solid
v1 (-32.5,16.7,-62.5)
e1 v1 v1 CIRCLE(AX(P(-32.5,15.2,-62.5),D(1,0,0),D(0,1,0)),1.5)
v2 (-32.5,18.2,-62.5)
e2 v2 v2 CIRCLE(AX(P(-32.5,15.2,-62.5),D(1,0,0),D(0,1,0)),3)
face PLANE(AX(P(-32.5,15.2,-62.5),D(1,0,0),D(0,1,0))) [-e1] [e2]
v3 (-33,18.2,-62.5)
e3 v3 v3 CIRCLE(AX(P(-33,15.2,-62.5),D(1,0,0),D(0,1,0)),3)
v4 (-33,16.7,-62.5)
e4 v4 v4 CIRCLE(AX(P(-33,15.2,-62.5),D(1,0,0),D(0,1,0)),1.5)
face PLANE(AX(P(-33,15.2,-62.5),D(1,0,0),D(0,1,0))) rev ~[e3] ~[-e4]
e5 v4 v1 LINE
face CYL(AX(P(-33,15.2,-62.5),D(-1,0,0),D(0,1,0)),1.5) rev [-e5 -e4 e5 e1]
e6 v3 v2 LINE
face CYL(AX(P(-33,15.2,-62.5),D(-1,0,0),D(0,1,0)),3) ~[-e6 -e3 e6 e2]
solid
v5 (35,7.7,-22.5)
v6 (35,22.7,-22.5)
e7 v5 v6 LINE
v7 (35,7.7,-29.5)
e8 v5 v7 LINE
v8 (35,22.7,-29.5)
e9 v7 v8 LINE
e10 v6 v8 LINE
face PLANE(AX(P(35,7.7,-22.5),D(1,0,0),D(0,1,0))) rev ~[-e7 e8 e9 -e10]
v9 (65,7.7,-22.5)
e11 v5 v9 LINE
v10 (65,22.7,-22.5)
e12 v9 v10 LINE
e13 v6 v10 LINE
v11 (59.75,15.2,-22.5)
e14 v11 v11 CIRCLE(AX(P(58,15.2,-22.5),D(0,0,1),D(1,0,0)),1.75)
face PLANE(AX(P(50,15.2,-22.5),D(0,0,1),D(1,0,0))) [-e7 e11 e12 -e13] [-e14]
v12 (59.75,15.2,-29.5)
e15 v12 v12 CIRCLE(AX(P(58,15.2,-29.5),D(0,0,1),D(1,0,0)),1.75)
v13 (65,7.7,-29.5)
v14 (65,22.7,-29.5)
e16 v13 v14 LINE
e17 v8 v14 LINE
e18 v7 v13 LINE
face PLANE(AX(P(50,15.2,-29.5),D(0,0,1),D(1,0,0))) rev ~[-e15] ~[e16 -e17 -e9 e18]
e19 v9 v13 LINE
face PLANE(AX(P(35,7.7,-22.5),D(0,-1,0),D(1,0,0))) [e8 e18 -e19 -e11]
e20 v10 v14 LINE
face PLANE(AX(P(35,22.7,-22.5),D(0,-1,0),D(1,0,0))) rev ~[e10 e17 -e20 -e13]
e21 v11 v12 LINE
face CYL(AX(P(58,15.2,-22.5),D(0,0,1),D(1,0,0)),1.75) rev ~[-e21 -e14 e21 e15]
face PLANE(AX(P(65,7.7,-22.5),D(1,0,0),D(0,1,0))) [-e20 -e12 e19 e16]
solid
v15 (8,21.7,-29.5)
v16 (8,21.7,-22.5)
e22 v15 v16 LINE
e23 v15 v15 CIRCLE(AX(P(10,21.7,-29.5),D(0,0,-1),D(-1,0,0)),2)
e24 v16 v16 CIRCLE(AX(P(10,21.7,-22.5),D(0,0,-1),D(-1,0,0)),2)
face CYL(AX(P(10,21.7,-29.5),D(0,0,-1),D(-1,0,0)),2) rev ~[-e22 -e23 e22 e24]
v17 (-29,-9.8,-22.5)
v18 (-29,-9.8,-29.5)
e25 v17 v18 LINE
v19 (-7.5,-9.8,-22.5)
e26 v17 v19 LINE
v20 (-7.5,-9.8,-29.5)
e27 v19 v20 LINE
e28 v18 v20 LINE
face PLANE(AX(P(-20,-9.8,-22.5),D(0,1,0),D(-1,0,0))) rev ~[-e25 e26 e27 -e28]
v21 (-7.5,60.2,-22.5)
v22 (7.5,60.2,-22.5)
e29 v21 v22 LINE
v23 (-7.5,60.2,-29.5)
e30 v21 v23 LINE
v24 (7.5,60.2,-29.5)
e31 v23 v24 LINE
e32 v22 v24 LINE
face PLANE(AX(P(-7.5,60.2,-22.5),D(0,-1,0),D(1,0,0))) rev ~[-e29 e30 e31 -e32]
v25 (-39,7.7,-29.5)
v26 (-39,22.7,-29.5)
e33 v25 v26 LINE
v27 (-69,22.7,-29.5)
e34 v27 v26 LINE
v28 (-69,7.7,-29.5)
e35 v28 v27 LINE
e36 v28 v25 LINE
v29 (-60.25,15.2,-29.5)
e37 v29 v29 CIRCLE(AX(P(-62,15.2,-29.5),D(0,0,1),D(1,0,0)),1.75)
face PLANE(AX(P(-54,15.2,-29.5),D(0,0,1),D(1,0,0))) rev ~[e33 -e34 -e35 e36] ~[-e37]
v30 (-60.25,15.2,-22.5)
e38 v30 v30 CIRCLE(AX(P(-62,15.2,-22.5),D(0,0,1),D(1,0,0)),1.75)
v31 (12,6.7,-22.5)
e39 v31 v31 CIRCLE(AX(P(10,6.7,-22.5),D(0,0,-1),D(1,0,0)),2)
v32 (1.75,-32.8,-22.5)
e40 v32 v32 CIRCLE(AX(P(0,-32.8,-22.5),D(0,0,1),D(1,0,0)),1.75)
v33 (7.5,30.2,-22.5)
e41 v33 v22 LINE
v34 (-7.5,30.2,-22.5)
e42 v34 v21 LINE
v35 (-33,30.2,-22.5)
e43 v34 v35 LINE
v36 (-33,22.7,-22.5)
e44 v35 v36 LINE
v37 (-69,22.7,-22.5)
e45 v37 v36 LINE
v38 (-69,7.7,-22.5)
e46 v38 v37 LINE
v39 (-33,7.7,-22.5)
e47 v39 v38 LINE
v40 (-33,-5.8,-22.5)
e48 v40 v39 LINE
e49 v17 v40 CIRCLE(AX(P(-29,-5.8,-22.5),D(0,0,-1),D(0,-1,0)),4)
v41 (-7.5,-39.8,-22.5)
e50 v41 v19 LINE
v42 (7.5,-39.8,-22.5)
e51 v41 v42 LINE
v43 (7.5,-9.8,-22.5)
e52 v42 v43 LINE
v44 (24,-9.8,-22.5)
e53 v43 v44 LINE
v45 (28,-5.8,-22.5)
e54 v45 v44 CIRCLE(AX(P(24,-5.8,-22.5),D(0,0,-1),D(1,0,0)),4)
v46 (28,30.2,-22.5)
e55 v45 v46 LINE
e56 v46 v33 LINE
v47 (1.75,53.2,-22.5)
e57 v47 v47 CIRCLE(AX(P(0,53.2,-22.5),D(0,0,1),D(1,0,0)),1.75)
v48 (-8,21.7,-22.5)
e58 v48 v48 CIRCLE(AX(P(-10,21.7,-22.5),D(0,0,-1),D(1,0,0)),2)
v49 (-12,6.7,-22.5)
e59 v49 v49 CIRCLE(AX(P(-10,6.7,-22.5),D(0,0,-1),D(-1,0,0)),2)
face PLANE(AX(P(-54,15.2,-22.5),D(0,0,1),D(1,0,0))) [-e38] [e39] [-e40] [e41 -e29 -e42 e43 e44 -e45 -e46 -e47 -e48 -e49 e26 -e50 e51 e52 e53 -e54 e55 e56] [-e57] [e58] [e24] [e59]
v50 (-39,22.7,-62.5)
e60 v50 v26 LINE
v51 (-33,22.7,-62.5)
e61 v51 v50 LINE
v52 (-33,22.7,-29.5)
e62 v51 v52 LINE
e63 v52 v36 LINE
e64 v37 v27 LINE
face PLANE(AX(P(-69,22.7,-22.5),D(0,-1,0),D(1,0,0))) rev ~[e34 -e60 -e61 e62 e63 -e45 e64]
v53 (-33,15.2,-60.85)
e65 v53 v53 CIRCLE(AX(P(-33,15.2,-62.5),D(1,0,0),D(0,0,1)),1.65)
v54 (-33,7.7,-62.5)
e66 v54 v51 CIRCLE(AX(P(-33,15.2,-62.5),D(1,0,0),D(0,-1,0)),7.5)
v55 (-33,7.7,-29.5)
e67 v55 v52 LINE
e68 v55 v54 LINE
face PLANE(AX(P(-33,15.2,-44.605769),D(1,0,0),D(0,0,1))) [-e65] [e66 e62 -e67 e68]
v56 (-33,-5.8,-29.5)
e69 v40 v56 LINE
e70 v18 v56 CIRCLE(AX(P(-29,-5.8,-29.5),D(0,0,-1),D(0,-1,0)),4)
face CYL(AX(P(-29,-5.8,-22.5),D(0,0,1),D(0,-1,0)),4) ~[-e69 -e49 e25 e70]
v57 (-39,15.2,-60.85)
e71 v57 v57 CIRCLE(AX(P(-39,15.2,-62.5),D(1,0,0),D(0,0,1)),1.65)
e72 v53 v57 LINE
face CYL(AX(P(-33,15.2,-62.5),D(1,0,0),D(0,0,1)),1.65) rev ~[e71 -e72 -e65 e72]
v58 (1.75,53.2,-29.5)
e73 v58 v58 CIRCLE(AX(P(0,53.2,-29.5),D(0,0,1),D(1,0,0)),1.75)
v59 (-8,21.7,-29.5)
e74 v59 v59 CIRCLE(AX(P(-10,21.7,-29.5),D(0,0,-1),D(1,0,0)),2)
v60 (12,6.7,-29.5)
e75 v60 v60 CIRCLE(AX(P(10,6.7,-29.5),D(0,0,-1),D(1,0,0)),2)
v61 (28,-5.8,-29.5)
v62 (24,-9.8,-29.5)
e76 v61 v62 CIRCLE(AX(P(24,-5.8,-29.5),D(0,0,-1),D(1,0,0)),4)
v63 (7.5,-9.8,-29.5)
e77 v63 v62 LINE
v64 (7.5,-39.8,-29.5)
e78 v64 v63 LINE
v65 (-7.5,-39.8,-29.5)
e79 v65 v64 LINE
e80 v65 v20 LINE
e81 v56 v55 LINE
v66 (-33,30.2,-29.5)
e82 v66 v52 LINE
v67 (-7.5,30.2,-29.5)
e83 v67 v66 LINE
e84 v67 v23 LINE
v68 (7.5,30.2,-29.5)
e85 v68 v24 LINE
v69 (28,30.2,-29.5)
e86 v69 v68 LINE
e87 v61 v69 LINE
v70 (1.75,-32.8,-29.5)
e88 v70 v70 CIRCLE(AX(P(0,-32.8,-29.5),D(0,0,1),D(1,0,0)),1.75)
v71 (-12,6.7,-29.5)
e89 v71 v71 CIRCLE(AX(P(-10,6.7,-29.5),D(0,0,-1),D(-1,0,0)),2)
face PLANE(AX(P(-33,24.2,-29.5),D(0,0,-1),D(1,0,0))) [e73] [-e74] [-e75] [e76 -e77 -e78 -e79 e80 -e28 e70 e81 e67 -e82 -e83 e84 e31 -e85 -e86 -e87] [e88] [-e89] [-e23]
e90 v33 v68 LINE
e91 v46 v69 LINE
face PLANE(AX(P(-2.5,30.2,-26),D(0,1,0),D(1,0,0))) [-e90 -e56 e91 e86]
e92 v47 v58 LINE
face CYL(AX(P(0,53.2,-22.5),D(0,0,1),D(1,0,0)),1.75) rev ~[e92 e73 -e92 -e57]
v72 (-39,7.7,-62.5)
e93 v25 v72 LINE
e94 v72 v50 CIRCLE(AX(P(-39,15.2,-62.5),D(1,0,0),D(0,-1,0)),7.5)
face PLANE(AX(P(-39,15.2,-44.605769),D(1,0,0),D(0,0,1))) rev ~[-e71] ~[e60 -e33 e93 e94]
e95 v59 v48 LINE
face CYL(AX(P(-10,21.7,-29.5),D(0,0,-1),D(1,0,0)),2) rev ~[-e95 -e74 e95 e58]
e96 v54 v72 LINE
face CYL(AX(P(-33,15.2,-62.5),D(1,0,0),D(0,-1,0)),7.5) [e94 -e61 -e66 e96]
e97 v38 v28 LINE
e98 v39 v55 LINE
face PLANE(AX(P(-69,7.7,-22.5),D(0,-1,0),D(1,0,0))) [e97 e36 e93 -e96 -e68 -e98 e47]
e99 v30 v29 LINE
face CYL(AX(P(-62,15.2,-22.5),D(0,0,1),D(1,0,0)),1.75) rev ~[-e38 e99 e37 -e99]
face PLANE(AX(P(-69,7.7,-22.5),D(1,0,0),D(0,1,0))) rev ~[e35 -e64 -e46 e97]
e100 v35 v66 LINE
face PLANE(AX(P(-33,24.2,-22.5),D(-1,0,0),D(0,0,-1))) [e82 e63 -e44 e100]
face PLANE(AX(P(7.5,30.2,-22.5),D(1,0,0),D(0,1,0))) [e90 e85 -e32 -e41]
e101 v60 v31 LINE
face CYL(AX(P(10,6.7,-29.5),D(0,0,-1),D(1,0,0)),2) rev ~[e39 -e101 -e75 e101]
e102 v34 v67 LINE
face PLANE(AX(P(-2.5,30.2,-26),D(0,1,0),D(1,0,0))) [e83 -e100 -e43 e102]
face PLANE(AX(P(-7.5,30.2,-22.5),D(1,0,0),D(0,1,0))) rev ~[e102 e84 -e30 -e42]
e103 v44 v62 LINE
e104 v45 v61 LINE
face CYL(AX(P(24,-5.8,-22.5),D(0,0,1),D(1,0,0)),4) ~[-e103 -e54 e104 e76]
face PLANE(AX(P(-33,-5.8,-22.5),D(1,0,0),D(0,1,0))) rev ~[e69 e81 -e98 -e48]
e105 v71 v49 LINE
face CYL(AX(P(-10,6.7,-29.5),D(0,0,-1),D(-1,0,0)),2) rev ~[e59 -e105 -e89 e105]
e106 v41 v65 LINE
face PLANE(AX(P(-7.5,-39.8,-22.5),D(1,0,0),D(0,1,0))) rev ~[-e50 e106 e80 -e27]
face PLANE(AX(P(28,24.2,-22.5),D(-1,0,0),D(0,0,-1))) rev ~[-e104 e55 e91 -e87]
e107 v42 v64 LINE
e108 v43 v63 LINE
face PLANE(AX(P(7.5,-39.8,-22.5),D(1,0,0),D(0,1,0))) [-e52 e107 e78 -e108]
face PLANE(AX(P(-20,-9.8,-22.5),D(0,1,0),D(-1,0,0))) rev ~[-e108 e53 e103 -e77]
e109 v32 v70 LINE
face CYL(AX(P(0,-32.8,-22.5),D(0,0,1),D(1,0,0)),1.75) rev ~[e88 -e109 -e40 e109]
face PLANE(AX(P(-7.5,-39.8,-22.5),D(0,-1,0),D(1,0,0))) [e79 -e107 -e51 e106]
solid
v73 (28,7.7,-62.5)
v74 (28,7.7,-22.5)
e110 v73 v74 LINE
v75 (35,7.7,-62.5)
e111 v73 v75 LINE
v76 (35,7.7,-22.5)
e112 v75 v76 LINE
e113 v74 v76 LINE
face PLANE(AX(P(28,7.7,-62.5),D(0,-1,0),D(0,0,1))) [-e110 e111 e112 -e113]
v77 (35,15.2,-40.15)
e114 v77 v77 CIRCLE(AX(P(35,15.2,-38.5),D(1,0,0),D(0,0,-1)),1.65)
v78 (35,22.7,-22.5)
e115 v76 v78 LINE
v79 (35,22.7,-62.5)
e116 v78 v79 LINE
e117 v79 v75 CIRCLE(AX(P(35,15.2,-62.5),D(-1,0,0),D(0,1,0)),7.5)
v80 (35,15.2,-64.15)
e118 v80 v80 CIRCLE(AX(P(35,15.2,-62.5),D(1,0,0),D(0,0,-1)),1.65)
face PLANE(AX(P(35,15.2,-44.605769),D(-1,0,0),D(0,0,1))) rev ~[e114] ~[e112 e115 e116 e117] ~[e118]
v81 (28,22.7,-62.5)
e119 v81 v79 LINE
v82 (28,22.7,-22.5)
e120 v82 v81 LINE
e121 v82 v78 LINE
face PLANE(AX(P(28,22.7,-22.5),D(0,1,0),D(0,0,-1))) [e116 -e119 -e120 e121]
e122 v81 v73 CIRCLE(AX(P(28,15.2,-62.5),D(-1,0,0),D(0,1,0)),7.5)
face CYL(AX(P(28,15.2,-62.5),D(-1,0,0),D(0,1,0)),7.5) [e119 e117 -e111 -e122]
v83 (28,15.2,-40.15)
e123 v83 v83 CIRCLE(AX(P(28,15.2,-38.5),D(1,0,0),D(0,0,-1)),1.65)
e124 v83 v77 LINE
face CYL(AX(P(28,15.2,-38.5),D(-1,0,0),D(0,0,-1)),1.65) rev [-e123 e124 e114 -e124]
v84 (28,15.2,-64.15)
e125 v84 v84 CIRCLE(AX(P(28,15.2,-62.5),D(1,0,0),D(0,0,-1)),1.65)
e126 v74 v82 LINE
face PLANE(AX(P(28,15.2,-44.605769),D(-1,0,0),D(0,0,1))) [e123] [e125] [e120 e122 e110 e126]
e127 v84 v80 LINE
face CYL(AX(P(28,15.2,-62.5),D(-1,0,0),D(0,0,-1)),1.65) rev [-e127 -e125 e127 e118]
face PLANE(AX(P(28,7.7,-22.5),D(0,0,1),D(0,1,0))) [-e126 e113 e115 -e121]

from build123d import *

# Parameters (mm, degrees)
EXTRUDE_START       = 24.2
SKETCH_4_W          = 61
SKETCH_4_H          = 7
EXTRUDE_1_DEPTH     = 6
SKETCH_5_W          = 40
SKETCH_5_H          = 34
SKETCH_5_R          = 2
EXTRUDE_2_DEPTH     = 7
EXTRUDE_START_2     = -9.8
SKETCH_7_R          = 4.1
EXTRUDE_3_DEPTH     = 7
EXTRUDE_START_3     = -55
SKETCH_9_R          = 1.65
EXTRUDE_4_DEPTH     = 6
EXTRUDE_START_4     = -22.5
EXTRUDE_5_DEPTH     = 7
EXTRUDE_START_5     = 28
SKETCH_14_R         = 1.65
EXTRUDE_8_DEPTH     = 7
SKETCH_17_R         = 3
SKETCH_17_R_2       = 1.5
EXTRUDE_11_DEPTH    = 0.5
SKETCH_21_W         = 15
SKETCH_21_H         = 30
SKETCH_21_R         = 1.75
SKETCH_21_W_2       = 30
SKETCH_21_H_2       = 15
EXTRUDE_12_DEPTH    = 7
SKETCH_22_W         = 40
SKETCH_22_H         = 7
CUT_EXTRUDE_1_DEPTH = 23


with BuildPart() as part:
    # 草图4 → 凸台-拉伸1 (new body)
    with BuildSketch(Plane(origin=(0, 0, 0), x_dir=(1, 0, 0), z_dir=(0, 1, 0)).offset(EXTRUDE_START)):
        with Locations((-2.5, 26)):
            Rectangle(SKETCH_4_W, SKETCH_4_H)
    extrude(amount=EXTRUDE_1_DEPTH)

    # 草图5 → 凸台-拉伸2 (add)
    with BuildSketch(Plane(origin=(0, 0, -29.5), x_dir=(-1, 0, 0), z_dir=(0, 0, -1))):
        with Locations((0, 7.2)):
            Rectangle(SKETCH_5_W, SKETCH_5_H)
        with Locations((-10, 21.7)):
            Circle(SKETCH_5_R, mode=Mode.SUBTRACT)
        with Locations(Location((10, 21.7, 0), (0, 0, 180))):
            Circle(SKETCH_5_R, mode=Mode.SUBTRACT)
        with Locations((10, 6.7)):
            Circle(SKETCH_5_R, mode=Mode.SUBTRACT)
        with Locations(Location((-10, 6.7, 0), (0, 0, 180))):
            Circle(SKETCH_5_R, mode=Mode.SUBTRACT)
    extrude(amount=-EXTRUDE_2_DEPTH)

    # 草图7 → 凸台-拉伸3 (add)
    with BuildSketch(Plane(origin=(0, 0, 0), x_dir=(1, 0, 0), z_dir=(0, 1, 0)).offset(EXTRUDE_START_2)):
        with BuildLine():
            Line((20, 22.5), (-20, 22.5))
            Line((-20, 22.5), (-20, 2.5))
            ThreePointArc((-20, 2.5), (-19.121320344, 0.378679656), (-17, -0.5))
            Line((-17, -0.5), (17, -0.5))
            ThreePointArc((17, -0.5), (19.121320344, 0.378679656), (20, 2.5))
            Line((20, 2.5), (20, 22.5))
        make_face()
        with Locations(Location((10, 10, 0), (0, 0, 90))):
            Circle(SKETCH_7_R, mode=Mode.SUBTRACT)
    extrude(amount=EXTRUDE_3_DEPTH)



with BuildPart() as body_2:
    # 草图9 → 凸台-拉伸4 (new body)
    with BuildSketch(Plane(origin=(22, 25.2, -43.868265324), x_dir=(0, 0, 1), z_dir=(1, 0, 0)).offset(EXTRUDE_START_3)):
        with BuildLine():
            Line((-18.631734676, 2.5), (21.368265324, 2.5))
            Line((21.368265324, 2.5), (21.368265324, 17.5))
            Line((21.368265324, 17.5), (-18.631734676, 17.5))
            ThreePointArc((-18.631734676, 17.5), (-26.131734676, 10), (-18.631734676, 2.5))
        make_face()
        with Locations((-18.631734676, 10)):
            Circle(SKETCH_9_R, mode=Mode.SUBTRACT)
    extrude(amount=-EXTRUDE_4_DEPTH)


with BuildPart() as part_1:
    add(part.part)

    add(body_2.part)  # 凸台-拉伸5 merges body 2
    # 草图10 → 凸台-拉伸5 (add)
    with BuildSketch(Plane.XY.offset(EXTRUDE_START_4)):
        with BuildLine():
            Line((-33, 30.2), (-20, 30.2))
            Line((-20, 30.2), (-20, -9.8))
            Line((-20, -9.8), (-29, -9.8))
            ThreePointArc((-29, -9.8), (-31.828427125, -8.628427125), (-33, -5.8))
            Line((-33, -5.8), (-33, 30.2))
        make_face()
    extrude(amount=-EXTRUDE_5_DEPTH)

    # 草图21 → 凸台-拉伸12 (add)
    # profile 1 of 5: a face of its own
    with BuildSketch(Plane.XY.offset(EXTRUDE_START_4)):
        with Locations((0, 45.2)):
            Rectangle(SKETCH_21_W, SKETCH_21_H)
        with Locations((0, 53.2)):
            Circle(SKETCH_21_R, mode=Mode.SUBTRACT)
    # profile 2 of 5: a face of its own
    with BuildSketch(Plane.XY.offset(EXTRUDE_START_4)):
        with Locations((-54, 15.2)):
            Rectangle(SKETCH_21_W_2, SKETCH_21_H_2)
        with Locations((-62, 15.2)):
            Circle(SKETCH_21_R, mode=Mode.SUBTRACT)
    # profile 3 of 5: a face of its own
    with BuildSketch(Plane.XY.offset(EXTRUDE_START_4)):
        with Locations((50, 15.2)):
            Rectangle(SKETCH_21_W_2, SKETCH_21_H_2)
        with Locations((58, 15.2)):
            Circle(SKETCH_21_R, mode=Mode.SUBTRACT)
    # profile 4 of 5: a face of its own
    with BuildSketch(Plane.XY.offset(EXTRUDE_START_4)):
        with Locations((0, -24.8)):
            Rectangle(SKETCH_21_W, SKETCH_21_H)
        with Locations((0, -32.8)):
            Circle(SKETCH_21_R, mode=Mode.SUBTRACT)
    # profile 5 of 5: a face of its own
    with BuildSketch(Plane.XY.offset(EXTRUDE_START_4)):
        with BuildLine():
            Line((20, -9.8), (20, 24.2))
            Line((20, 24.2), (28, 24.2))
            Line((28, 24.2), (28, -5.8))
            ThreePointArc((28, -5.8), (26.828427125, -8.628427125), (24, -9.8))
            Line((24, -9.8), (20, -9.8))
        make_face()
    extrude(amount=-EXTRUDE_12_DEPTH)


with BuildPart() as body_2_2:
    # 草图14 → 凸台-拉伸8 (new body)
    with BuildSketch(Plane(origin=(0, 0, 0), x_dir=(0, 0, -1), z_dir=(1, 0, 0)).offset(EXTRUDE_START_5)):
        with BuildLine():
            Line((22.5, 22.7), (62.5, 22.7))
            ThreePointArc((62.5, 22.7), (70, 15.2), (62.5, 7.7))
            Line((62.5, 7.7), (22.5, 7.7))
            Line((22.5, 7.7), (22.5, 22.7))
        make_face()
        with Locations((38.5, 15.2)):
            Circle(SKETCH_14_R, mode=Mode.SUBTRACT)
        with Locations((62.5, 15.2)):
            Circle(SKETCH_14_R, mode=Mode.SUBTRACT)
    extrude(amount=EXTRUDE_8_DEPTH)


with BuildPart() as body_3:
    # 草图17 → 凸台-拉伸11 (new body)
    with BuildSketch(Plane(origin=(-33, 0, 0), x_dir=(0, 0, -1), z_dir=(1, 0, 0))):
        with Locations(Location((62.5, 15.2, 0), (0, 0, 90))):
            Circle(SKETCH_17_R)
        with Locations(Location((62.5, 15.2, 0), (0, 0, 90))):
            Circle(SKETCH_17_R_2, mode=Mode.SUBTRACT)
    extrude(amount=EXTRUDE_11_DEPTH)


with BuildPart() as extrude_12_piece_1:
    # of the separate pieces the step leaves, piece 1, a body of its own (extrude_12_pieces)
    add(part_1.part.solids().sort_by_distance((28, 30.2, -22.5))[0])

    # 草图22 → 切除-拉伸1 (cut)
    with BuildSketch(Plane.XY.offset(-22.5)):
        with Locations((0, -6.3)):
            Rectangle(SKETCH_22_W, SKETCH_22_H)
    extrude(amount=CUT_EXTRUDE_1_DEPTH, mode=Mode.SUBTRACT)


with BuildPart() as extrude_12_piece_2:
    # of the separate pieces the step leaves, piece 2, a body of its own (extrude_12_pieces)
    add(part_1.part.solids().sort_by_distance((35, 22.7, -22.5))[0])


solid = Compound([body_2_2.part, body_3.part, extrude_12_piece_1.part, extrude_12_piece_2.part])
